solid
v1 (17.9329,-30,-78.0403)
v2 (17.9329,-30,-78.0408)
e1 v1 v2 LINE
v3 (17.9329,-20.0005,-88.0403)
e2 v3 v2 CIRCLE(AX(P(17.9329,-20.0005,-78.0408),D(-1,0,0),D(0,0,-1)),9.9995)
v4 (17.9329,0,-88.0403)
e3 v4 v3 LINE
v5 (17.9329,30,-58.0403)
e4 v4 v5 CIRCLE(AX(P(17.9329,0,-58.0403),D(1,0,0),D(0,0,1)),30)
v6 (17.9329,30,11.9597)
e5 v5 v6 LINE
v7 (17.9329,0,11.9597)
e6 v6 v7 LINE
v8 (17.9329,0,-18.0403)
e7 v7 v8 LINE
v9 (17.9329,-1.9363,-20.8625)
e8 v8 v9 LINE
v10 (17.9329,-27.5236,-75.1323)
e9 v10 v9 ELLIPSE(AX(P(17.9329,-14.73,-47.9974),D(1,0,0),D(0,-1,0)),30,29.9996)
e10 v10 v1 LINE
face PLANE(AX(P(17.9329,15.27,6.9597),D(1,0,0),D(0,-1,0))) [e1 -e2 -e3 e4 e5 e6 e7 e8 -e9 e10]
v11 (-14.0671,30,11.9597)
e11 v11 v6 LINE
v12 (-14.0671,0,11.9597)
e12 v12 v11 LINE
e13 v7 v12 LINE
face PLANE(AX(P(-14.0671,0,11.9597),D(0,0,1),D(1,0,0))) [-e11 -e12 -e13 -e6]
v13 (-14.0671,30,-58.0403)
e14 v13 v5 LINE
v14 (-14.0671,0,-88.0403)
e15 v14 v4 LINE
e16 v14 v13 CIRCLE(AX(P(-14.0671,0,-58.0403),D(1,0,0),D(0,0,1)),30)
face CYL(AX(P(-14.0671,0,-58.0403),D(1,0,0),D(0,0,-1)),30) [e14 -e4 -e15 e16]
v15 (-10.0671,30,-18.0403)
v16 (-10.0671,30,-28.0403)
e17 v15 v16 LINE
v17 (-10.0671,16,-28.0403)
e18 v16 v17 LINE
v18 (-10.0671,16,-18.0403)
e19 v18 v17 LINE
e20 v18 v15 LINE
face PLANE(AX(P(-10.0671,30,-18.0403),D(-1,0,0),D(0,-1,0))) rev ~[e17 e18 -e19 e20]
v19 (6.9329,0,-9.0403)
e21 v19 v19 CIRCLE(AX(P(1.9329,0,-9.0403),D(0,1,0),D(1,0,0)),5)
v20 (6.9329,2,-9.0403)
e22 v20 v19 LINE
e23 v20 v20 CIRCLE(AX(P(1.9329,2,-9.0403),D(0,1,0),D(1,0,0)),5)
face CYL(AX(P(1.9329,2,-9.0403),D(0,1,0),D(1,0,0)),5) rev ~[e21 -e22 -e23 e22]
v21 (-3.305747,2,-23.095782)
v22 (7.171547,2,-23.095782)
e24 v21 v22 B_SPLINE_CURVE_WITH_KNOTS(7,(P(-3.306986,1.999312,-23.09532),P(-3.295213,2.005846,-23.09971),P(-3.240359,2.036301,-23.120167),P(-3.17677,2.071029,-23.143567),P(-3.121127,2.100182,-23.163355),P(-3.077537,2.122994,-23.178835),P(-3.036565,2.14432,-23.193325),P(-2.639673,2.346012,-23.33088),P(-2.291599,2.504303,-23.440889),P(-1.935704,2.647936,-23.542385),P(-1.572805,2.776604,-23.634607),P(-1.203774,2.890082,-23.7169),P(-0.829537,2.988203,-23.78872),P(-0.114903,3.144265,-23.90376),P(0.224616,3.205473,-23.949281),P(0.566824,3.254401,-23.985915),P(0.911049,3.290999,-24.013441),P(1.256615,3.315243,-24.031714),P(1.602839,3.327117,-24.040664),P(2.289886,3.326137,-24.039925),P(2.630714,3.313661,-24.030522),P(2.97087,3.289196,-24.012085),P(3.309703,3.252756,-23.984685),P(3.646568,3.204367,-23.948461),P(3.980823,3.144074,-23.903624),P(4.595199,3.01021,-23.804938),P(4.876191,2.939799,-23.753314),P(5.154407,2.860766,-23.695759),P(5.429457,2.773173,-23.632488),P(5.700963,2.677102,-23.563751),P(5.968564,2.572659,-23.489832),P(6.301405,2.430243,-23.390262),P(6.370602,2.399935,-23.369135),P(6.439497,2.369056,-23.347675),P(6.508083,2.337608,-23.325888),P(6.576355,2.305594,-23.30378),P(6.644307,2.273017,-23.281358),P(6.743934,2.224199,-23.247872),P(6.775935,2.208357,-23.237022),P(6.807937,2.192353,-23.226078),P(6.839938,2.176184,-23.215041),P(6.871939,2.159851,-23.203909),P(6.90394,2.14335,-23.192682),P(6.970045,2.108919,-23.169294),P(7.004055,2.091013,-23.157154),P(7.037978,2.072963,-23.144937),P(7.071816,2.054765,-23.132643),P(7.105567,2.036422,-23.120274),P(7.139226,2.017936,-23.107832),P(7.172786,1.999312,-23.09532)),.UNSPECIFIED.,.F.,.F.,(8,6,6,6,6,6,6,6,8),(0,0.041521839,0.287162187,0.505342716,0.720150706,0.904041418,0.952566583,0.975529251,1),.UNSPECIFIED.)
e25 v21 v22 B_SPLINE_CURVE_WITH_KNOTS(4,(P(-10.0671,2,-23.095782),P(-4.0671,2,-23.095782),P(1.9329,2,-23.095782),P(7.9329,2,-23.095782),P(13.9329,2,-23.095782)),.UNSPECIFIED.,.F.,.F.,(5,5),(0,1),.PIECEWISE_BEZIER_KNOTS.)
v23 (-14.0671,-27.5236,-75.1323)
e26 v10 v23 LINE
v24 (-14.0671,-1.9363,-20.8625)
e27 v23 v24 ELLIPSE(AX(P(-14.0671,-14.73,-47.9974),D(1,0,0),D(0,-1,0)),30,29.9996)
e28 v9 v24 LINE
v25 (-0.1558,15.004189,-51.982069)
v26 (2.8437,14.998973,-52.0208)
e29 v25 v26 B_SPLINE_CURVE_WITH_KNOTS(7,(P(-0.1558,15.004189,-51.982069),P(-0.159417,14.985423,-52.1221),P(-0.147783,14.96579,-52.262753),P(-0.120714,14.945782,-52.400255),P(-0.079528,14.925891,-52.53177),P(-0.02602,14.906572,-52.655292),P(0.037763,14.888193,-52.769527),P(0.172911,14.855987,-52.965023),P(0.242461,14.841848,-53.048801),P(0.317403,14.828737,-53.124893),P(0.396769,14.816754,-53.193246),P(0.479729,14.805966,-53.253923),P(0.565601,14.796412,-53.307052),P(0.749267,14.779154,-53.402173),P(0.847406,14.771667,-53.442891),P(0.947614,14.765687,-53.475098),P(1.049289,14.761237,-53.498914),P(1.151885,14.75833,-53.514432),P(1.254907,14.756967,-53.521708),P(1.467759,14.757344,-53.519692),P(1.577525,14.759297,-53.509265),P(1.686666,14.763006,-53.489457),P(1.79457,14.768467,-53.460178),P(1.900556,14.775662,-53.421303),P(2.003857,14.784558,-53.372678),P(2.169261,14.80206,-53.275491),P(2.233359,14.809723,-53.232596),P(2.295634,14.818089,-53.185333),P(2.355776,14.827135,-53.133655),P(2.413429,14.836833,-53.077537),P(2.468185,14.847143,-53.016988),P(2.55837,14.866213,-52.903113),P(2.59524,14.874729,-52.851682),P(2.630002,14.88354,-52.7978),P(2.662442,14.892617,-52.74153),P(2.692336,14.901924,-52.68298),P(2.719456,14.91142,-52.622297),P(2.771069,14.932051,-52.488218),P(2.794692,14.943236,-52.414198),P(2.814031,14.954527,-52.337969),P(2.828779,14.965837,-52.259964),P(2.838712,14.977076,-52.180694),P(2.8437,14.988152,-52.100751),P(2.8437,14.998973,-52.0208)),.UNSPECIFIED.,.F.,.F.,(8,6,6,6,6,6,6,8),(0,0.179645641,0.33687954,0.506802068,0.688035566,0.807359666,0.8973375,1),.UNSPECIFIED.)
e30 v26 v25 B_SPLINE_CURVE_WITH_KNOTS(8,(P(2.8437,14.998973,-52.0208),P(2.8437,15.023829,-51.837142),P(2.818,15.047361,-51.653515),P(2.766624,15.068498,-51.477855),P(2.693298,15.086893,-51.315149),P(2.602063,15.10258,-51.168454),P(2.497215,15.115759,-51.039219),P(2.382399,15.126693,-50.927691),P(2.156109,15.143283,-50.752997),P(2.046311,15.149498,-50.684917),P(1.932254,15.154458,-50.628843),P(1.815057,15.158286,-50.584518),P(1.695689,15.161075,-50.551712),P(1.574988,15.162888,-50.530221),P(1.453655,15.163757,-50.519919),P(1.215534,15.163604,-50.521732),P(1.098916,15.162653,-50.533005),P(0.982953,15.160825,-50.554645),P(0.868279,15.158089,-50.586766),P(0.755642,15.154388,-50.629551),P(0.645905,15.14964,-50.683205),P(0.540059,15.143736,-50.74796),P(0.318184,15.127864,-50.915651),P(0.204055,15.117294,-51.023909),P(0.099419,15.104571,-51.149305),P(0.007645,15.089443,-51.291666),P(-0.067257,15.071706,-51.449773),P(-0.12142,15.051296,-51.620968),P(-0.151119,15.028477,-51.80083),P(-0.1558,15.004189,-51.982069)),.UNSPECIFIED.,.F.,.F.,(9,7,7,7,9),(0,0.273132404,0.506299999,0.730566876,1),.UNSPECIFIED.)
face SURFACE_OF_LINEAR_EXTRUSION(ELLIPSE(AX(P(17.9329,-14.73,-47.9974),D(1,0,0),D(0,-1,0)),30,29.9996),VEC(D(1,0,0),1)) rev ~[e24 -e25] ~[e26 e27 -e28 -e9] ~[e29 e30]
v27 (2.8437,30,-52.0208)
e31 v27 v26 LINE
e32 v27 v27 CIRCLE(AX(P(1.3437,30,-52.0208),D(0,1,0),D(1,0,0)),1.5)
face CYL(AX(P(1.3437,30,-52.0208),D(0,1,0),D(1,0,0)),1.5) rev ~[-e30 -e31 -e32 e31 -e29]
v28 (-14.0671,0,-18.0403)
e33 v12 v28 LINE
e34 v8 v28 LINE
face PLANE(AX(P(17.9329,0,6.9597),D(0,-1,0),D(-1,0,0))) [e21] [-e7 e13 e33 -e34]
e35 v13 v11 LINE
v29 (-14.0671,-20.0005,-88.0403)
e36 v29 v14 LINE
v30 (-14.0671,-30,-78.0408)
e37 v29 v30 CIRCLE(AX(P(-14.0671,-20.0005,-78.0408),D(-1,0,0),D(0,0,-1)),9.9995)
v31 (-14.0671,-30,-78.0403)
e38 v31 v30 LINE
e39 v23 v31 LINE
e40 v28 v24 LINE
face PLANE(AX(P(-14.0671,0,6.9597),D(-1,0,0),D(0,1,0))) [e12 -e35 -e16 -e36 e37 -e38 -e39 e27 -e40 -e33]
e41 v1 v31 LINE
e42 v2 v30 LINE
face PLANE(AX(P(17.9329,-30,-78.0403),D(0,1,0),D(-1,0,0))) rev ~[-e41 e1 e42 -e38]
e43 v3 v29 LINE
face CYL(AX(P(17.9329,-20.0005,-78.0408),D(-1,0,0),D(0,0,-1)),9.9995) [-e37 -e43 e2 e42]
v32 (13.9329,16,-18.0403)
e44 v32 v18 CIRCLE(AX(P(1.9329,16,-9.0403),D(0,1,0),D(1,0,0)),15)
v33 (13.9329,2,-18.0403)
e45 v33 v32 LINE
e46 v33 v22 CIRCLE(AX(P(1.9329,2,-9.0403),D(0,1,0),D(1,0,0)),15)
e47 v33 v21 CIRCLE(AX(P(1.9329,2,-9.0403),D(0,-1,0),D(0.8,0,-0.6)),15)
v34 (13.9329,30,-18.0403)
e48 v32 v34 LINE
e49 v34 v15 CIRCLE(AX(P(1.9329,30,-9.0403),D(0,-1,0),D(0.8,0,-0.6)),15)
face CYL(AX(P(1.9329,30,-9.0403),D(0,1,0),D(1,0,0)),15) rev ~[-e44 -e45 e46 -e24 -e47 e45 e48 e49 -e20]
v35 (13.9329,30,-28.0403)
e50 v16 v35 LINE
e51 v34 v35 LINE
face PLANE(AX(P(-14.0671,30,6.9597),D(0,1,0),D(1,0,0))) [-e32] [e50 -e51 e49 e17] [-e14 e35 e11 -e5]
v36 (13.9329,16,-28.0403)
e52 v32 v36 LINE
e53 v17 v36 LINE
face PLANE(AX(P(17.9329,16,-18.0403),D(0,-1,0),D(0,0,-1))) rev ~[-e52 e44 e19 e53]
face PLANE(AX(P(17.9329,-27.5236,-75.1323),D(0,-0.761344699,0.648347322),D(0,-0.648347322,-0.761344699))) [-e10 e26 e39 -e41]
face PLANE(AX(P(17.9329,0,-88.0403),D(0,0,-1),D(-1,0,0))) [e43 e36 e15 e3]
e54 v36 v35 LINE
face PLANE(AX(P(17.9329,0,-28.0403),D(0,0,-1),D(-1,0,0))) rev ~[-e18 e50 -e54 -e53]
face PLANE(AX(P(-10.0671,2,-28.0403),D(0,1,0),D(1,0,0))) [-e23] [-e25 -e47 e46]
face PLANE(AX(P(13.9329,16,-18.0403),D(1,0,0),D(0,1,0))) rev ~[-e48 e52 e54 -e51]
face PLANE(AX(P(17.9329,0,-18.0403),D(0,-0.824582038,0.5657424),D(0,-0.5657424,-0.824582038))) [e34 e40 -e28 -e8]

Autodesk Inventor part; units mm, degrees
ref_plane "YZ Plane" through (0, 0, 0) normal (1, 0, 0) x (0, 1, 0)
ref_plane "XZ Plane" through (0, 0, 0) normal (0, 1, 0) x (-1, 0, 0)
ref_plane "XY Plane" through (0, 0, 0) normal (0, 0, 1) x (1, 0, 0)
sketch "Esquisse1" plane through (0, 0, 0) normal (0, 1, 0) x (-1, 0, 0)
  line L0 (14.0671, 6.9597) -> (-17.9329, 6.9597)
  line L1 (-17.9329, 6.9597) -> (-17.9329, -18.0403)
  line L2 (-17.9329, -18.0403) -> (14.0671, -18.0403)
  line L3 (14.0671, -18.0403) -> (14.0671, 6.9597)
  point P0 (0, 0)
  dimension "d0" = 25
  dimension "d1" = 32
extrude "Extrusion1" add sketch "Esquisse1" along normal blind 30
sketch "Esquisse2" plane through (0, 30, 0) normal (0, 1, 0) x (1, 0, 0)
  circle A0 centre (1.9329, 9.0403) radius 15
  line L0 (-14.0671, 18.0403) -> (-14.0671, -6.9597) projected
  line L1 (-14.0671, -6.9597) -> (17.9329, -6.9597) projected
  point P0 (0, 0)
  dimension "d4" = 30
  dimension "d5" = 16
  dimension "d6" = 16
extrude "Extrusion2" cut sketch "Esquisse2" against normal blind 28
sketch "Esquisse3" plane through (1.9329, 2, -9.0403) normal (0, 1, 0) x (1, 0, 0)
  circle A0 centre (0, 0) radius 5
  line L0 (16, 9) -> (-16, 9) projected
  line L1 (-16, 9) -> (-16, -16) projected
  line L2 (-16, -16) -> (16, -16) projected
  point P0 (-1.9329, -9.0403)
  dimension "d9" = 10
  dimension "d11" = 16
  dimension "d14" = 16
extrude "Extrusion3" cut sketch "Esquisse3" against normal through all
sketch "Esquisse5" plane through (17.9329, 0, -18.0403) normal (0, 0, -1) x (-1, 0, 0)
  line L0 (28, 30) -> (28, 2) projected
  line L1 (32, 30) -> (28, 30)
  line L2 (28, 30) -> (28, 16)
  line L3 (28, 16) -> (32, 16)
  line L4 (32, 16) -> (32, 30)
  line L5 (28, 30) -> (32, 30) projected
  line L6 (32, 0) -> (32, 30) projected
  line L7 (4, 2) -> (4, 30) projected
  line L8 (0, 30) -> (4, 30) projected
  line L9 (4, 16) -> (0, 16)
  line L10 (0, 16) -> (0, 30)
  line L11 (0, 30) -> (4, 30)
  line L12 (4, 30) -> (4, 16)
  point P0 (17.9329, 0)
  dimension "d15" = 14
  dimension "d16" = 0
  dimension "d17" = 0
  dimension "d18" = 14
extrude "Extrusion4" add sketch "Esquisse5" along normal blind 10
sketch "Esquisse6" plane through (17.9329, 0, -28.0403) normal (0, 0, -1) x (-1, 0, 0)
  line L0 (32, 16) -> (28, 16) projected
  line L1 (32, 30) -> (0, 30) projected
  line L2 (32, 16) -> (0, 16)
  line L3 (0, 16) -> (0, 30)
  line L4 (0, 30) -> (32, 30)
  line L5 (32, 30) -> (32, 16)
  point P0 (17.9329, 0)
extrude "Extrusion5" add sketch "Esquisse6" along normal blind 50
sketch "Esquisse7" plane through (17.9329, 0, -78.0403) normal (0, 0, -1) x (-1, 0, 0)
  line L0 (32, 30) -> (0, 30) projected
  line L1 (32, 30) -> (0, 30)
  line L2 (0, 30) -> (0, -30)
  line L3 (0, -30) -> (32, -30)
  line L4 (32, -30) -> (32, 30)
  point P0 (17.9329, 0)
  dimension "d23" = 60
extrude "Extrusion6" add sketch "Esquisse7" along normal blind 10
sketch "Esquisse8" plane through (17.9329, 0, 6.9597) normal (1, 0, 0) x (0, 0, -1)
  ellipse E0 centre (54.9571, -14.73) end of major axis (54.9571, -44.73) minor radius 29.9996 projected
  ellipse E1 centre (54.9571, -14.73) end of major axis (54.9571, 12.27) minor radius 26.9996 projected
  ellipse E2 centre (54.9571, -14.73) end of major axis (54.9571, -44.73) minor radius 29.9996 projected
  arc A0 (82.092, -27.5236) -> (27.8222, -1.9363) centre (54.9571, -14.73) ccw
  line L0 (85, 16) -> (85, -30) projected
  line L1 (82.092, -27.5236) -> (85, -30)
  line L2 (25, 16) -> (85, 16) projected
  line L3 (85, -30) -> (85, 16)
  line L4 (85, 16) -> (25, 16)
  line L5 (25, 0) -> (25, 16) projected
  line L6 (25, 16) -> (25, 0)
  line L7 (25, 0) -> (27.8222, -1.9363)
  point P0 (6.9597, 0)
extrude "Extrusion7" add sketch "Esquisse8" against normal blind 32 contours E0 L7 L5 L2 L0 L1
fillet "Congé1" radius 30 1 edges at (1.9329, 30, -88.0403)
fillet "Congé2" radius 10 1 edges at (1.9329, -30, -88.0403)
sketch "Esquisse9" plane through (-10.0671, 16, -28.0403) normal (0, 1, 0) x (1, 0, 0)
  circle A0 centre (12, -19) radius 5 projected
  line L0 (0, -10) -> (24, -10) projected
  arc A1 (0, -10) -> (24, -10) centre (12, -19) ccw projected
  circle A2 centre (12, -19) radius 15
  point P0 (10.0671, -28.0403)
  dimension "d30" = 30
extrude "Extrusion8" cut sketch "Esquisse9" against normal up to surface (14 mm away) contours A2 L0
sketch "Esquisse10" plane through (-14.0671, 0, 6.9597) normal (0, 0, 1) x (1, 0, 0)
  line L0 (32, 15.27) -> (32, -27.5236) projected
  line L1 (0, 30) -> (32, 30)
  line L2 (32, 30) -> (32, 0)
  line L3 (32, 0) -> (0, 0)
  line L4 (0, 0) -> (0, 30)
  point P0 (14.0671, 0)
  point P1 (32, -1.9363)
extrude "Extrusion9" add sketch "Esquisse10" along normal blind 5
sketch "Esquisse11" plane through (0, 30, 0) normal (0, 1, 0) x (1, 0, 0)
  circle A0 centre (1.3437, 52.0208) radius 1.5 projected
  point P0 (0, 0)
extrude "Extrusion10" cut sketch "Esquisse11" against normal through all
properties part number "support-moteur"
